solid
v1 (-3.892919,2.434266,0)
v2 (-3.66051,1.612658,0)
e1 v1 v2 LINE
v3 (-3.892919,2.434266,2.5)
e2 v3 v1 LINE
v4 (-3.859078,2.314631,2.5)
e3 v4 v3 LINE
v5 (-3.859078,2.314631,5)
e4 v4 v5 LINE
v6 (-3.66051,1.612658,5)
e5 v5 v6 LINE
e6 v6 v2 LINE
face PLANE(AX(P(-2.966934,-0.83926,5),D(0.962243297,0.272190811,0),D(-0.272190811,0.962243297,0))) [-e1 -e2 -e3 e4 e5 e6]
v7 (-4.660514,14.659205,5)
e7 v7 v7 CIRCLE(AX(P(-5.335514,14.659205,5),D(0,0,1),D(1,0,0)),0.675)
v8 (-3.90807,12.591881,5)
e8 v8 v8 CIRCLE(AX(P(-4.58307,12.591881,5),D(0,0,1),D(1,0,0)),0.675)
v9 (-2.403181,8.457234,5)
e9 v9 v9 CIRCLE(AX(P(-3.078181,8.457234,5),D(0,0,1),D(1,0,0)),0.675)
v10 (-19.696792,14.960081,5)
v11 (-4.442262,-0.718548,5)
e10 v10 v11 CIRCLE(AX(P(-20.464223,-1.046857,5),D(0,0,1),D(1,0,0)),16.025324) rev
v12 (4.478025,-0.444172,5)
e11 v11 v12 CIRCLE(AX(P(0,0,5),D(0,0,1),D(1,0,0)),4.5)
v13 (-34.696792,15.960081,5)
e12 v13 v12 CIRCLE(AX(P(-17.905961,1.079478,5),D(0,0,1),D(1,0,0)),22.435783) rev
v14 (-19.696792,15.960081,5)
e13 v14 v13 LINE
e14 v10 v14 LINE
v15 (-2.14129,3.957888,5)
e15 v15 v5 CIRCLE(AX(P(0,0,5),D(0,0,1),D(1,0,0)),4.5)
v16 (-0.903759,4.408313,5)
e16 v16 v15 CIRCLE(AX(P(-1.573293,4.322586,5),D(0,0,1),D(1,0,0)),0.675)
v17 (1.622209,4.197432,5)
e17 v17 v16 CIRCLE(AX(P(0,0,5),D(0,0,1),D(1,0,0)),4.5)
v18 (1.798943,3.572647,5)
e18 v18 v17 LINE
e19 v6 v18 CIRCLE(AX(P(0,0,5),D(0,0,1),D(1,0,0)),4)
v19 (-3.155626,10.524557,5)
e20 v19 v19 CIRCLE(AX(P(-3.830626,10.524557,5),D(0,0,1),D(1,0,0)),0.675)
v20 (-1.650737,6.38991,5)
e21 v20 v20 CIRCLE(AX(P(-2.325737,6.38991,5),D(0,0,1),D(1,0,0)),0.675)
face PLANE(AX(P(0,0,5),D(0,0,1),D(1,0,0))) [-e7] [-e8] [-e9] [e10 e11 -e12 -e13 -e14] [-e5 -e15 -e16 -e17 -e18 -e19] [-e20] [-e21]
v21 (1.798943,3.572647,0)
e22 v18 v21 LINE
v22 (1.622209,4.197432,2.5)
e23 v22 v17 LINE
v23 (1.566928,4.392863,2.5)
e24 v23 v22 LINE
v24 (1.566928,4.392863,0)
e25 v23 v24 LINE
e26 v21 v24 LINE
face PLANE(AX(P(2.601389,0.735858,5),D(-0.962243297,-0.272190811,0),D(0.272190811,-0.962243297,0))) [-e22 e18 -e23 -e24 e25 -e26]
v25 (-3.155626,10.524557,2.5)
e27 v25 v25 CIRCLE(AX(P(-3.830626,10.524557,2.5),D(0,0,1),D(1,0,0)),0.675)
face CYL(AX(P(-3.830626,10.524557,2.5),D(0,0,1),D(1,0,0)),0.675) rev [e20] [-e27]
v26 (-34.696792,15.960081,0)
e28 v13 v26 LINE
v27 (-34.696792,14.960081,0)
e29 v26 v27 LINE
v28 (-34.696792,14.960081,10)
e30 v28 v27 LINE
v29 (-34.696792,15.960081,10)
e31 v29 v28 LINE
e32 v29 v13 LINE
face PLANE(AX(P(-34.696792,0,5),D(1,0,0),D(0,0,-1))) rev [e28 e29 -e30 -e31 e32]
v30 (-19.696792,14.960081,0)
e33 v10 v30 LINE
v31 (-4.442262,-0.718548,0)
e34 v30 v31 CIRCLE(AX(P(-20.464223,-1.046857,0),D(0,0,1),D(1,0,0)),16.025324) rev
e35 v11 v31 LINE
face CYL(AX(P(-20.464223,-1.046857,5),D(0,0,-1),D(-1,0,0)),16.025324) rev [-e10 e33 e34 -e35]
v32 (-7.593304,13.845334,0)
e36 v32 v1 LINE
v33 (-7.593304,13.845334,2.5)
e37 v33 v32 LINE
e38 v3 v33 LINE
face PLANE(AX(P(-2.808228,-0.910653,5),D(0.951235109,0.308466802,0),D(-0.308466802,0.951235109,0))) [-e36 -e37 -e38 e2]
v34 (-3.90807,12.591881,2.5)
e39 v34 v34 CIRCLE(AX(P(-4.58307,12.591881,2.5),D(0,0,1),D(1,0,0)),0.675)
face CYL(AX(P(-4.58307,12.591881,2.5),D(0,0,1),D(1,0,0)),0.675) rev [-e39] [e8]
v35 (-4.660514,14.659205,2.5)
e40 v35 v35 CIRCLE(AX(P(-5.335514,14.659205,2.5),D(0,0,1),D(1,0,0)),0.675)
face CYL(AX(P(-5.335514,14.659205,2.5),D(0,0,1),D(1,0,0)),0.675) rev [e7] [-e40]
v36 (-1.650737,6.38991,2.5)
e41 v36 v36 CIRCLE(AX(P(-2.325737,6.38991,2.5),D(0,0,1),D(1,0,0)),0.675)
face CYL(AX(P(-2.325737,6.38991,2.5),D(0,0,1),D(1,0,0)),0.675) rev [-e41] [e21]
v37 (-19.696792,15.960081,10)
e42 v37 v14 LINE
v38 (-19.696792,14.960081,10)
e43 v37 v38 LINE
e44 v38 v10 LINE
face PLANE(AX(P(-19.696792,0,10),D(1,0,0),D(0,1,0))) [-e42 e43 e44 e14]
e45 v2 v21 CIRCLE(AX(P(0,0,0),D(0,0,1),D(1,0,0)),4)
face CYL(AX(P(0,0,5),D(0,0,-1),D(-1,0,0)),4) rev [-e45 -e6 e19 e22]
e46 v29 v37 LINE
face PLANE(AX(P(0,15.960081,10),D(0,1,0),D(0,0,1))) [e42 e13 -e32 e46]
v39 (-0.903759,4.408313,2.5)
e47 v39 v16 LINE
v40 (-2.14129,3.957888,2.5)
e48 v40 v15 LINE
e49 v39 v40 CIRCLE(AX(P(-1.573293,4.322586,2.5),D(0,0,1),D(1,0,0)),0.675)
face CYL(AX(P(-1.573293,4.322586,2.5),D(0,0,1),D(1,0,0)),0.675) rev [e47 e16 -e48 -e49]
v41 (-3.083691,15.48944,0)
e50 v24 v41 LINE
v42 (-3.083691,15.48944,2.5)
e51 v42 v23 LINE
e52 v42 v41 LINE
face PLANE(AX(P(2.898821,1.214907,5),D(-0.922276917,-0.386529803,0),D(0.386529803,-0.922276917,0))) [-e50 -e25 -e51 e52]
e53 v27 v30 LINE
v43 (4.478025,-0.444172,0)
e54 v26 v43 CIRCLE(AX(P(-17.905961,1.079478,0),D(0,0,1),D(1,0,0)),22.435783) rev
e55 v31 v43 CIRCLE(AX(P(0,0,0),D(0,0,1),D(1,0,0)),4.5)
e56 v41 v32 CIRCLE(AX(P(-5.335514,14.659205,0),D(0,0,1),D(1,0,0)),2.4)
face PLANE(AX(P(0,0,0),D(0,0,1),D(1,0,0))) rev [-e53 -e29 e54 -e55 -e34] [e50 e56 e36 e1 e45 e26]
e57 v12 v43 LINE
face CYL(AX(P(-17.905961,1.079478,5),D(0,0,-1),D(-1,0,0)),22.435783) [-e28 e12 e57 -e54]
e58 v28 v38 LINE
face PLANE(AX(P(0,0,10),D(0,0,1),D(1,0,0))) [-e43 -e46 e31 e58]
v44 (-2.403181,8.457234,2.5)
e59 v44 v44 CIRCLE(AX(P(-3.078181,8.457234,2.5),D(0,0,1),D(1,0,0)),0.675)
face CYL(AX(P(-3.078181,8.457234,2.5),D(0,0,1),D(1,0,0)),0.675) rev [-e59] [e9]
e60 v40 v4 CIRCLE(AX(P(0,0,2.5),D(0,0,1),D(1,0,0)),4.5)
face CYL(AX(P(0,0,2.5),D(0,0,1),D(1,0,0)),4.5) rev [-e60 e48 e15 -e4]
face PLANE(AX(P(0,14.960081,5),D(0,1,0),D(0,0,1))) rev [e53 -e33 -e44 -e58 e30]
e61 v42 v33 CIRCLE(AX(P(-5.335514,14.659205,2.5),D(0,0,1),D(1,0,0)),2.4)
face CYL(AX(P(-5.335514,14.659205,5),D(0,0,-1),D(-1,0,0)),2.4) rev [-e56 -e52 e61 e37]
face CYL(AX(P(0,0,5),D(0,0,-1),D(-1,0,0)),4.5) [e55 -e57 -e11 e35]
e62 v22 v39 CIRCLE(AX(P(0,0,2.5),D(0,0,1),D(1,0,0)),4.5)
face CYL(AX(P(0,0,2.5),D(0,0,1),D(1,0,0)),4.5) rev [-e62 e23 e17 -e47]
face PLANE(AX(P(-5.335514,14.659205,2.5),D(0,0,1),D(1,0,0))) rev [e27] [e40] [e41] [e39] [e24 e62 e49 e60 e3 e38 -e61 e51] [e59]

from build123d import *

# Parameters (mm, degrees)
BOSS_EXTRUDE1_DEPTH = 5
SKETCH1_3_W         = 15
SKETCH1_3_H         = 1
BOSS_EXTRUDE2_DEPTH = 10
BOSS_EXTRUDE3_START = 5
SKETCH1_4_R         = 0.675
BOSS_EXTRUDE3_DEPTH = 2.5


with BuildPart() as part:
    # Sketch1 → Boss-Extrude1 (new body)
    with BuildSketch(Plane.XY):
        with BuildLine():
            Line((-34.696792319, 15.960080691), (-34.696792319, 14.960080691))
            Line((-34.696792319, 14.960080691), (-19.696792319, 14.960080691))
            ThreePointArc((-19.696792319, 14.960080691), (-8.978328635, 10.128349866), (-4.442261745, -0.718547556))
            ThreePointArc((-4.442261745, -0.718547556), (0.138348196, -4.497872806), (4.478025356, -0.444172161))
            ThreePointArc((4.478025356, -0.444172161), (-9.240182202, 21.774129955), (-34.696792319, 15.960080691))
        make_face()
        with BuildLine():
            Line((-3.89291928, 2.43426562), (-7.593303854, 13.845333863))
            ThreePointArc((-7.593303854, 13.845333863), (-6.157572873, 16.914026296), (-3.083690723, 15.489440313))
            Line((-3.083690723, 15.489440313), (1.566927521, 4.392862954))
            Line((1.566927521, 4.392862954), (1.798943002, 3.572646648))
            ThreePointArc((1.798943002, 3.572646648), (1.351572105, -3.764738085), (-3.660510182, 1.612657808))
            Line((-3.660510182, 1.612657808), (-3.89291928, 2.43426562))
        make_face(mode=Mode.SUBTRACT)
    extrude(amount=BOSS_EXTRUDE1_DEPTH)

    # Sketch1<3> → Boss-Extrude2 (add)
    with BuildSketch(Plane.XY):
        with Locations((-27.196792319, 15.460080691)):
            Rectangle(SKETCH1_3_W, SKETCH1_3_H)
    extrude(amount=BOSS_EXTRUDE2_DEPTH)

    # Sketch1<4> → Boss-Extrude3 (add)
    with BuildSketch(Plane.XY.offset(BOSS_EXTRUDE3_START)):
        with BuildLine():
            Line((1.622209226, 4.197432218), (1.566927521, 4.392862954))
            Line((1.566927521, 4.392862954), (-3.083690723, 15.489440313))
            ThreePointArc((-3.083690723, 15.489440313), (-6.157572873, 16.914026296), (-7.593303854, 13.845333863))
            Line((-7.593303854, 13.845333863), (-3.89291928, 2.43426562))
            Line((-3.89291928, 2.43426562), (-3.859078085, 2.314630929))
            ThreePointArc((-3.859078085, 2.314630929), (-3.110655329, 3.251741598), (-2.141289558, 3.957888203))
            ThreePointArc((-2.141289558, 3.957888203), (-1.804156256, 4.956878575), (-0.903758531, 4.408312661))
            ThreePointArc((-0.903758531, 4.408312661), (0.374380142, 4.484399571), (1.622209226, 4.197432218))
        make_face()
        with Locations((-5.335514236, 14.659204884)):
            Circle(SKETCH1_4_R, mode=Mode.SUBTRACT)
        with Locations((-3.830625605, 10.524557353)):
            Circle(SKETCH1_4_R, mode=Mode.SUBTRACT)
        with Locations((-4.583069921, 12.591881119)):
            Circle(SKETCH1_4_R, mode=Mode.SUBTRACT)
        with Locations((-2.325736975, 6.389909821)):
            Circle(SKETCH1_4_R, mode=Mode.SUBTRACT)
        with Locations((-3.07818129, 8.457233587)):
            Circle(SKETCH1_4_R, mode=Mode.SUBTRACT)
    extrude(amount=-BOSS_EXTRUDE3_DEPTH)


solid = part.part
